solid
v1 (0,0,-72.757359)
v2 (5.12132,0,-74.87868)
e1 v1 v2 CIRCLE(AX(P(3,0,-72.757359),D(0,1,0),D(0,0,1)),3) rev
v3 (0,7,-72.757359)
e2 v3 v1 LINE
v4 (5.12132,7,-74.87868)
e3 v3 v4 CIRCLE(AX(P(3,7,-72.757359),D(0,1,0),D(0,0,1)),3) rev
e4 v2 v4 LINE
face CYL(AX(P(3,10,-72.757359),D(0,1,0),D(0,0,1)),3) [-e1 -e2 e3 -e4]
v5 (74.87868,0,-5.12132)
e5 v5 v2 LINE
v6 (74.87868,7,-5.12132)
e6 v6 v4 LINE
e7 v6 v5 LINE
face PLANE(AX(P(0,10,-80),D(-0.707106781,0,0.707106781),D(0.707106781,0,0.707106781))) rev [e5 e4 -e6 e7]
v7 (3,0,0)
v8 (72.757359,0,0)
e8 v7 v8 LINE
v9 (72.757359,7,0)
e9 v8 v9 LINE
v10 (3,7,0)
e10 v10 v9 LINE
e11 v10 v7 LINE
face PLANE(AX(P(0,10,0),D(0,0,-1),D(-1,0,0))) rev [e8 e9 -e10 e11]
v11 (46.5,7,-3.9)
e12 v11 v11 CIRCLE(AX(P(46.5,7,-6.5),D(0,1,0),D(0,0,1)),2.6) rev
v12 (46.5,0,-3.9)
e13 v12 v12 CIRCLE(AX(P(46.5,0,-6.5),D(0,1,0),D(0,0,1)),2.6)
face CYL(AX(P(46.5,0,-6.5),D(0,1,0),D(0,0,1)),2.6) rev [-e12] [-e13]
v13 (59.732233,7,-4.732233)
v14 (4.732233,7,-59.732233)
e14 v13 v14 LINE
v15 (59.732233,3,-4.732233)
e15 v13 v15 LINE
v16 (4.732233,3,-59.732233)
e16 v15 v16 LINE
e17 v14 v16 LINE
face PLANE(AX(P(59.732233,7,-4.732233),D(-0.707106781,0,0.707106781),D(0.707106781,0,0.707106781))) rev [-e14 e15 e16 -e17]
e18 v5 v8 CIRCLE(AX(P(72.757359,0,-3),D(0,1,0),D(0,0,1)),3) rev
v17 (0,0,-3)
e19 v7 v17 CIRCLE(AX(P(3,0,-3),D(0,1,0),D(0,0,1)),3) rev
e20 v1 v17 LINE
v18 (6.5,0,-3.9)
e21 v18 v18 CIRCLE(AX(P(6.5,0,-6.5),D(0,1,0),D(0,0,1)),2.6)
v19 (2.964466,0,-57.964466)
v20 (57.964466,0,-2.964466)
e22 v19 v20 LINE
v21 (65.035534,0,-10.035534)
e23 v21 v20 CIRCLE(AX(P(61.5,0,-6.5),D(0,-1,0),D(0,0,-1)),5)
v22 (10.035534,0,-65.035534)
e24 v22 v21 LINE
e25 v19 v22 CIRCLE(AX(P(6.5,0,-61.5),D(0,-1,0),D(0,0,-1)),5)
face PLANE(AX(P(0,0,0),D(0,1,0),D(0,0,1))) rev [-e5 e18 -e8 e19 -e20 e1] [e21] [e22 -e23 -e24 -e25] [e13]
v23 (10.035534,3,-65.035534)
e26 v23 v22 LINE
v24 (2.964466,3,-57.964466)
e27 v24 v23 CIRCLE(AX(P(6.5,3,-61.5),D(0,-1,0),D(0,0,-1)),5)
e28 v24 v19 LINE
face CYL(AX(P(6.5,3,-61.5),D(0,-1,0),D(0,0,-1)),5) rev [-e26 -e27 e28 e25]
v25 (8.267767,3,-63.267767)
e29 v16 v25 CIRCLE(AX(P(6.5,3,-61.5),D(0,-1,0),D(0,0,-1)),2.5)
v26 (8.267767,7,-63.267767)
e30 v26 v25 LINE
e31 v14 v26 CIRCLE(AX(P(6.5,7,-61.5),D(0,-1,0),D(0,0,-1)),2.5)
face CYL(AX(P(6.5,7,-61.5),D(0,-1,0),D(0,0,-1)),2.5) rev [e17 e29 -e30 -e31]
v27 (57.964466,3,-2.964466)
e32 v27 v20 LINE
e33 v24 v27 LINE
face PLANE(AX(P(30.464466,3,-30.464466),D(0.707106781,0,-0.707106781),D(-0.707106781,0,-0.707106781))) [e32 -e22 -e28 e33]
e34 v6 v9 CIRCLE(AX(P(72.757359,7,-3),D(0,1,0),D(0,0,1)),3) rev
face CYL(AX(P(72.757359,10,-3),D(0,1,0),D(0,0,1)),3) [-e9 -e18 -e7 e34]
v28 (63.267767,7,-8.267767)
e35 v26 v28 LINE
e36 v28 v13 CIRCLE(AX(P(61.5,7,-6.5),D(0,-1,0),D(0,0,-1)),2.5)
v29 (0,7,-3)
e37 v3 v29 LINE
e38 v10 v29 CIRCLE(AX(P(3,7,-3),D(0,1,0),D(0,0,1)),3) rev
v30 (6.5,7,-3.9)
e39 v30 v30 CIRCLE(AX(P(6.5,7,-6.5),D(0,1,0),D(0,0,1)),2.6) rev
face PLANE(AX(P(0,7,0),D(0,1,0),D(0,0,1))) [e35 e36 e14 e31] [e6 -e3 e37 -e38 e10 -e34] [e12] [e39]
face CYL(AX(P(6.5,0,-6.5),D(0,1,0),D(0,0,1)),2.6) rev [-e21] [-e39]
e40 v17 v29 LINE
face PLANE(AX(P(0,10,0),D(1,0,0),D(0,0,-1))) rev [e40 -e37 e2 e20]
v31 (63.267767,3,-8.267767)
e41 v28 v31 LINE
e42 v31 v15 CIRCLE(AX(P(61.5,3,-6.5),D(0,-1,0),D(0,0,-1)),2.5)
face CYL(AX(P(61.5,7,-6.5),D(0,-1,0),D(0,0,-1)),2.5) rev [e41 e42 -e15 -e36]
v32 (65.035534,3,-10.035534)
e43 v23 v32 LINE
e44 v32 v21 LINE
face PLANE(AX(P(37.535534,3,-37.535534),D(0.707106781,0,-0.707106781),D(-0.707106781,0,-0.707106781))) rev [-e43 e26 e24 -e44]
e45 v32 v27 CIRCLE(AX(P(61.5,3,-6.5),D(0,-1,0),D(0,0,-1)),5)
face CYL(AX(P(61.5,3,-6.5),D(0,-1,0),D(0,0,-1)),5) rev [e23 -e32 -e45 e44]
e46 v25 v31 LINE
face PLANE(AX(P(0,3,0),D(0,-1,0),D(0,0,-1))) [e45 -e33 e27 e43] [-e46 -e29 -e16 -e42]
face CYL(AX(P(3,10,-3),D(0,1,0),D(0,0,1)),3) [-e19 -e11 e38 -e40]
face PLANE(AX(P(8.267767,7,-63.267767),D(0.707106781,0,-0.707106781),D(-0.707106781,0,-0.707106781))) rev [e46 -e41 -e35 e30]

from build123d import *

# Parameters (mm, degrees)
EXTRUDE_1_DEPTH      = 10
SKETCH_5_R           = 2.6
CUT_EXTRUDE_3_DEPTH  = 10
FILLET_5_R           = 3
FILLET_6_R           = 3
FILLET_7_R           = 3
SKETCH_7_R           = 5.5
CUT_EXTRUDE_4_DEPTH  = 5
SKETCH_12_R          = 2.553682631
CUT_EXTRUDE_9_DEPTH  = 9
EXTRUDE_2_DEPTH      = 5
CUT_EXTRUDE_START    = 5
SKETCH_14_R          = 5.5
CUT_EXTRUDE_12_DEPTH = 5
EXTRUDE_START        = 5
EXTRUDE_6_DEPTH      = 5
SKETCH_22_R          = 5.5
EXTRUDE_7_DEPTH      = 5
SKETCH_24_R          = 5.5
CUT_EXTRUDE_14_DEPTH = 3
SKETCH_25_R          = 2.65
CUT_EXTRUDE_15_DEPTH = 3
SKETCH_26_R          = 2.65
CUT_EXTRUDE_16_DEPTH = 5
SKETCH_29_R          = 2.65
EXTRUDE_8_DEPTH      = 10
EXTRUDE_START_2      = 3
SKETCH_30_R          = 5.5
EXTRUDE_9_DEPTH      = 3
CUT_EXTRUDE_18_DEPTH = 3
SKETCH_33_R          = 5.5
SKETCH_33_R_2        = 2.6
EXTRUDE_10_DEPTH     = 5
SKETCH_34_W          = 118.655960463
SKETCH_34_H          = 108.474675719
CUT_EXTRUDE_20_DEPTH = 3
CUT_EXTRUDE_21_DEPTH = 108.211729676


with BuildPart() as part:
    # 草图1 → 凸台-拉伸1 (new body)
    with BuildSketch(Plane(origin=(0, 0, 0), x_dir=(1, 0, 0), z_dir=(0, 1, 0))):
        Polygon((0, 0), (0, 80), (80, 0), align=None)
    extrude(amount=EXTRUDE_1_DEPTH)

    # 草图5 → 切除-拉伸3 (cut)
    with BuildSketch(Plane(origin=(0, 10, 0), x_dir=(1, 0, 0), z_dir=(0, 1, 0))):
        with Locations(Location((6.5, 6.5, 0), (0, 0, 270))):
            Circle(SKETCH_5_R)
        with Locations(Location((6.5, 46.5, 0), (0, 0, 270))):
            Circle(SKETCH_5_R)
        with Locations(Location((46.5, 6.5, 0), (0, 0, 270))):
            Circle(SKETCH_5_R)
    extrude(amount=-CUT_EXTRUDE_3_DEPTH, mode=Mode.SUBTRACT)

    # 圆角5
    fillet_5_edges = [part.edges().sort_by_distance(p)[0] for p in [
        (80, 5, 0),
    ]]
    fillet(fillet_5_edges, radius=FILLET_5_R)

    # 圆角6
    fillet_6_edges = [part.edges().sort_by_distance(p)[0] for p in [
        (0, 5, -80),
    ]]
    fillet(fillet_6_edges, radius=FILLET_6_R)

    # 圆角7
    fillet_7_edges = [part.edges().sort_by_distance(p)[0] for p in [
        (0, 5, 0),
    ]]
    fillet(fillet_7_edges, radius=FILLET_7_R)

    # 草图7 → 切除-拉伸4 (cut)
    with BuildSketch(Plane(origin=(0, 10, 0), x_dir=(1, 0, 0), z_dir=(0, 1, 0))):
        with Locations(Location((6.5, 6.5, 0), (0, 0, 270))):
            Circle(SKETCH_7_R)
        with Locations(Location((6.5, 46.5, 0), (0, 0, 270))):
            Circle(SKETCH_7_R)
        with Locations(Location((46.5, 6.5, 0), (0, 0, 270))):
            Circle(SKETCH_7_R)
    extrude(amount=-CUT_EXTRUDE_4_DEPTH, mode=Mode.SUBTRACT)

    # 草图12 → 切除-拉伸9 (cut)
    with BuildSketch(Plane.XZ):
        with Locations((8.5, -46.5)):
            Circle(SKETCH_12_R)
    extrude(amount=-CUT_EXTRUDE_9_DEPTH, mode=Mode.SUBTRACT)

    # 草图13 → 凸台-拉伸2 (add)
    with BuildSketch(Plane.XZ):
        with BuildLine():
            ThreePointArc((7.559676255, -48.87425488), (5.946317369, -46.5), (7.559676255, -44.12574512))
            ThreePointArc((7.559676255, -44.12574512), (3.9, -46.5), (7.559676255, -48.87425488))
        make_face()
    extrude(amount=-EXTRUDE_2_DEPTH)

    # 草图14 → 切除-拉伸12 (cut)
    with BuildSketch(Plane(origin=(0, 5, 0), x_dir=(1, 0, 0), z_dir=(0, 1, 0)).offset(CUT_EXTRUDE_START)):
        with Locations((8.5, 46.5)):
            Circle(SKETCH_14_R)
        with Locations((6.5, 46.5)):
            Circle(SKETCH_14_R)
    extrude(amount=-CUT_EXTRUDE_12_DEPTH, mode=Mode.SUBTRACT)

    # 草图21 → 凸台-拉伸6 (add)
    with BuildSketch(Plane(origin=(0, 5, 0), x_dir=(1, 0, 0), z_dir=(0, 1, 0)).offset(EXTRUDE_START)):
        with BuildLine():
            ThreePointArc((7.5, 41.091673087), (3, 46.5), (7.5, 51.908326913))
            ThreePointArc((7.5, 51.908326913), (1, 46.5), (7.5, 41.091673087))
        make_face()
    extrude(amount=-EXTRUDE_6_DEPTH)

    # 草图22 → 凸台-拉伸7 (add)
    with BuildSketch(Plane(origin=(0, 5, 0), x_dir=(1, 0, 0), z_dir=(0, 1, 0)).offset(EXTRUDE_START)):
        with Locations((8.5, 46.5)):
            Circle(SKETCH_22_R)
    extrude(amount=-EXTRUDE_7_DEPTH)

    # 草图24 → 切除-拉伸14 (cut)
    with BuildSketch(Plane(origin=(0, 10, 0), x_dir=(1, 0, 0), z_dir=(0, 1, 0))):
        with Locations(Location((8.5, 46.5, 0), (0, 0, 270))):
            Circle(SKETCH_24_R)
    extrude(amount=-CUT_EXTRUDE_14_DEPTH, mode=Mode.SUBTRACT)

    # 草图25 → 切除-拉伸15 (cut)
    with BuildSketch(Plane.XZ.offset(-5)):
        with Locations(Location((8.5, -46.5, 0), (0, 0, 270))):
            Circle(SKETCH_25_R)
    extrude(amount=-CUT_EXTRUDE_15_DEPTH, mode=Mode.SUBTRACT)

    # 草图26 → 切除-拉伸16 (cut)
    with BuildSketch(Plane.XZ):
        with Locations(Location((8.5, -46.5, 0), (0, 0, 270))):
            Circle(SKETCH_26_R)
    extrude(amount=-CUT_EXTRUDE_16_DEPTH, mode=Mode.SUBTRACT)

    # 草图29 → 凸台-拉伸8 (add)
    with BuildSketch(Plane.XZ):
        with Locations(Location((8.5, -46.5, 0), (0, 0, 270))):
            Circle(SKETCH_29_R)
    extrude(amount=-EXTRUDE_8_DEPTH)

    # 草图30 → 凸台-拉伸9 (add)
    with BuildSketch(Plane(origin=(0, 7, 0), x_dir=(1, 0, 0), z_dir=(0, 1, 0)).offset(EXTRUDE_START_2)):
        with Locations((8.5, 46.5)):
            Circle(SKETCH_30_R)
    extrude(amount=-EXTRUDE_9_DEPTH)

    # 草图2 → 切除-拉伸18 (cut)
    with BuildSketch(Plane.XZ):
        with BuildLine():
            ThreePointArc((6.5, -56.5), (8.413417162, -56.880602337), (10.035533906, -57.964466094))
            Line((10.035533906, -57.964466094), (57.964466094, -10.035533906))
            ThreePointArc((57.964466094, -10.035533906), (56.880602337, -8.413417162), (56.5, -6.5))
            Line((56.5, -6.5), (54.428932188, -6.5))
            Line((54.428932188, -6.5), (6.5, -54.428932188))
            Line((6.5, -54.428932188), (6.5, -56.5))
        make_face()
        with BuildLine():
            Line((57.964466094, -10.035533906), (10.035533906, -57.964466094))
            ThreePointArc((10.035533906, -57.964466094), (11.119397663, -59.586582838), (11.5, -61.5))
            ThreePointArc((11.5, -61.5), (11.119397663, -63.413417162), (10.035533906, -65.035533906))
            Line((10.035533906, -65.035533906), (65.035533906, -10.035533906))
            ThreePointArc((65.035533906, -10.035533906), (61.5, -11.5), (57.964466094, -10.035533906))
        make_face()
        with BuildLine():
            Line((6.5, -66.5), (6.5, -61.5))
            Line((6.5, -61.5), (6.5, -56.5))
            ThreePointArc((6.5, -56.5), (4.586582838, -56.880602337), (2.964466094, -57.964466094))
            ThreePointArc((2.964466094, -57.964466094), (1.880602337, -63.413417162), (6.5, -66.5))
        make_face()
        with BuildLine():
            Line((6.5, -56.5), (6.5, -61.5))
            Line((6.5, -61.5), (10.035533906, -57.964466094))
            ThreePointArc((10.035533906, -57.964466094), (8.413417162, -56.880602337), (6.5, -56.5))
        make_face()
        with BuildLine():
            Line((10.035533906, -57.964466094), (6.5, -61.5))
            Line((6.5, -61.5), (6.5, -66.5))
            ThreePointArc((6.5, -66.5), (8.413417162, -66.119397663), (10.035533906, -65.035533906))
            ThreePointArc((10.035533906, -65.035533906), (11.119397663, -63.413417162), (11.5, -61.5))
            ThreePointArc((11.5, -61.5), (11.119397663, -59.586582838), (10.035533906, -57.964466094))
        make_face()
        with BuildLine():
            Line((6.5, -56.5), (6.5, -61.5))
            Line((6.5, -61.5), (10.035533906, -57.964466094))
            ThreePointArc((10.035533906, -57.964466094), (8.413417162, -56.880602337), (6.5, -56.5))
        make_face()
        with BuildLine():
            Line((10.035533906, -57.964466094), (6.5, -61.5))
            Line((6.5, -61.5), (6.5, -66.5))
            ThreePointArc((6.5, -66.5), (8.413417162, -66.119397663), (10.035533906, -65.035533906))
            ThreePointArc((10.035533906, -65.035533906), (11.119397663, -63.413417162), (11.5, -61.5))
            ThreePointArc((11.5, -61.5), (11.119397663, -59.586582838), (10.035533906, -57.964466094))
        make_face()
        with BuildLine():
            ThreePointArc((2.964466094, -57.964466094), (4.586582838, -56.880602337), (6.5, -56.5))
            Line((6.5, -56.5), (6.5, -54.428932188))
            Line((6.5, -54.428932188), (2.964466094, -57.964466094))
        make_face()
        with BuildLine():
            Line((54.428932188, -6.5), (56.5, -6.5))
            ThreePointArc((56.5, -6.5), (56.880602337, -4.586582838), (57.964466094, -2.964466094))
            Line((57.964466094, -2.964466094), (54.428932188, -6.5))
        make_face()
        with BuildLine():
            Line((56.5, -6.5), (61.5, -6.5))
            Line((61.5, -6.5), (66.5, -6.5))
            ThreePointArc((66.5, -6.5), (63.413417162, -1.880602337), (57.964466094, -2.964466094))
            ThreePointArc((57.964466094, -2.964466094), (56.880602337, -4.586582838), (56.5, -6.5))
        make_face()
        with BuildLine():
            ThreePointArc((56.5, -6.5), (56.880602337, -8.413417162), (57.964466094, -10.035533906))
            Line((57.964466094, -10.035533906), (61.5, -6.5))
            Line((61.5, -6.5), (56.5, -6.5))
        make_face()
        with BuildLine():
            Line((61.5, -6.5), (57.964466094, -10.035533906))
            ThreePointArc((57.964466094, -10.035533906), (61.5, -11.5), (65.035533906, -10.035533906))
            ThreePointArc((65.035533906, -10.035533906), (66.119397663, -8.413417162), (66.5, -6.5))
            Line((66.5, -6.5), (61.5, -6.5))
        make_face()
        with BuildLine():
            ThreePointArc((56.5, -6.5), (56.880602337, -8.413417162), (57.964466094, -10.035533906))
            Line((57.964466094, -10.035533906), (61.5, -6.5))
            Line((61.5, -6.5), (56.5, -6.5))
        make_face()
        with BuildLine():
            Line((61.5, -6.5), (57.964466094, -10.035533906))
            ThreePointArc((57.964466094, -10.035533906), (61.5, -11.5), (65.035533906, -10.035533906))
            ThreePointArc((65.035533906, -10.035533906), (66.119397663, -8.413417162), (66.5, -6.5))
            Line((66.5, -6.5), (61.5, -6.5))
        make_face()
    extrude(amount=-CUT_EXTRUDE_18_DEPTH, mode=Mode.SUBTRACT)

    # 草图33 → 凸台-拉伸10 (add)
    # profile 1 of 2: a face of its own
    with BuildSketch(Plane(origin=(0, 10, 0), x_dir=(1, 0, 0), z_dir=(0, 1, 0))):
        with Locations((6.5, 6.5)):
            Circle(SKETCH_33_R)
        with Locations(Location((6.5, 6.5, 0), (0, 0, 270))):
            Circle(SKETCH_33_R_2, mode=Mode.SUBTRACT)
    # profile 2 of 2: a face of its own
    with BuildSketch(Plane(origin=(0, 10, 0), x_dir=(1, 0, 0), z_dir=(0, 1, 0))):
        with Locations((46.5, 6.5)):
            Circle(SKETCH_33_R)
        with Locations(Location((46.5, 6.5, 0), (0, 0, 270))):
            Circle(SKETCH_33_R_2, mode=Mode.SUBTRACT)
    extrude(amount=-EXTRUDE_10_DEPTH)

    # 草图34 → 切除-拉伸20 (cut)
    with BuildSketch(Plane(origin=(0, 10, 0), x_dir=(1, 0, 0), z_dir=(0, 1, 0))):
        with Locations((37.4387476, 33.290816779)):
            Rectangle(SKETCH_34_W, SKETCH_34_H)
    extrude(amount=-CUT_EXTRUDE_20_DEPTH, mode=Mode.SUBTRACT)

    # 草图35 → 切除-拉伸21 (cut, through all)
    with BuildSketch(Plane.XZ.offset(-3)):
        with BuildLine():
            Line((8.267766953, -63.267766953), (63.267766953, -8.267766953))
            ThreePointArc((63.267766953, -8.267766953), (63.267766953, -4.732233047), (59.732233047, -4.732233047))
            Line((59.732233047, -4.732233047), (4.732233047, -59.732233047))
            ThreePointArc((4.732233047, -59.732233047), (4.732233047, -63.267766953), (8.267766953, -63.267766953))
        make_face()
    extrude(amount=-CUT_EXTRUDE_21_DEPTH, mode=Mode.SUBTRACT)


solid = part.part
